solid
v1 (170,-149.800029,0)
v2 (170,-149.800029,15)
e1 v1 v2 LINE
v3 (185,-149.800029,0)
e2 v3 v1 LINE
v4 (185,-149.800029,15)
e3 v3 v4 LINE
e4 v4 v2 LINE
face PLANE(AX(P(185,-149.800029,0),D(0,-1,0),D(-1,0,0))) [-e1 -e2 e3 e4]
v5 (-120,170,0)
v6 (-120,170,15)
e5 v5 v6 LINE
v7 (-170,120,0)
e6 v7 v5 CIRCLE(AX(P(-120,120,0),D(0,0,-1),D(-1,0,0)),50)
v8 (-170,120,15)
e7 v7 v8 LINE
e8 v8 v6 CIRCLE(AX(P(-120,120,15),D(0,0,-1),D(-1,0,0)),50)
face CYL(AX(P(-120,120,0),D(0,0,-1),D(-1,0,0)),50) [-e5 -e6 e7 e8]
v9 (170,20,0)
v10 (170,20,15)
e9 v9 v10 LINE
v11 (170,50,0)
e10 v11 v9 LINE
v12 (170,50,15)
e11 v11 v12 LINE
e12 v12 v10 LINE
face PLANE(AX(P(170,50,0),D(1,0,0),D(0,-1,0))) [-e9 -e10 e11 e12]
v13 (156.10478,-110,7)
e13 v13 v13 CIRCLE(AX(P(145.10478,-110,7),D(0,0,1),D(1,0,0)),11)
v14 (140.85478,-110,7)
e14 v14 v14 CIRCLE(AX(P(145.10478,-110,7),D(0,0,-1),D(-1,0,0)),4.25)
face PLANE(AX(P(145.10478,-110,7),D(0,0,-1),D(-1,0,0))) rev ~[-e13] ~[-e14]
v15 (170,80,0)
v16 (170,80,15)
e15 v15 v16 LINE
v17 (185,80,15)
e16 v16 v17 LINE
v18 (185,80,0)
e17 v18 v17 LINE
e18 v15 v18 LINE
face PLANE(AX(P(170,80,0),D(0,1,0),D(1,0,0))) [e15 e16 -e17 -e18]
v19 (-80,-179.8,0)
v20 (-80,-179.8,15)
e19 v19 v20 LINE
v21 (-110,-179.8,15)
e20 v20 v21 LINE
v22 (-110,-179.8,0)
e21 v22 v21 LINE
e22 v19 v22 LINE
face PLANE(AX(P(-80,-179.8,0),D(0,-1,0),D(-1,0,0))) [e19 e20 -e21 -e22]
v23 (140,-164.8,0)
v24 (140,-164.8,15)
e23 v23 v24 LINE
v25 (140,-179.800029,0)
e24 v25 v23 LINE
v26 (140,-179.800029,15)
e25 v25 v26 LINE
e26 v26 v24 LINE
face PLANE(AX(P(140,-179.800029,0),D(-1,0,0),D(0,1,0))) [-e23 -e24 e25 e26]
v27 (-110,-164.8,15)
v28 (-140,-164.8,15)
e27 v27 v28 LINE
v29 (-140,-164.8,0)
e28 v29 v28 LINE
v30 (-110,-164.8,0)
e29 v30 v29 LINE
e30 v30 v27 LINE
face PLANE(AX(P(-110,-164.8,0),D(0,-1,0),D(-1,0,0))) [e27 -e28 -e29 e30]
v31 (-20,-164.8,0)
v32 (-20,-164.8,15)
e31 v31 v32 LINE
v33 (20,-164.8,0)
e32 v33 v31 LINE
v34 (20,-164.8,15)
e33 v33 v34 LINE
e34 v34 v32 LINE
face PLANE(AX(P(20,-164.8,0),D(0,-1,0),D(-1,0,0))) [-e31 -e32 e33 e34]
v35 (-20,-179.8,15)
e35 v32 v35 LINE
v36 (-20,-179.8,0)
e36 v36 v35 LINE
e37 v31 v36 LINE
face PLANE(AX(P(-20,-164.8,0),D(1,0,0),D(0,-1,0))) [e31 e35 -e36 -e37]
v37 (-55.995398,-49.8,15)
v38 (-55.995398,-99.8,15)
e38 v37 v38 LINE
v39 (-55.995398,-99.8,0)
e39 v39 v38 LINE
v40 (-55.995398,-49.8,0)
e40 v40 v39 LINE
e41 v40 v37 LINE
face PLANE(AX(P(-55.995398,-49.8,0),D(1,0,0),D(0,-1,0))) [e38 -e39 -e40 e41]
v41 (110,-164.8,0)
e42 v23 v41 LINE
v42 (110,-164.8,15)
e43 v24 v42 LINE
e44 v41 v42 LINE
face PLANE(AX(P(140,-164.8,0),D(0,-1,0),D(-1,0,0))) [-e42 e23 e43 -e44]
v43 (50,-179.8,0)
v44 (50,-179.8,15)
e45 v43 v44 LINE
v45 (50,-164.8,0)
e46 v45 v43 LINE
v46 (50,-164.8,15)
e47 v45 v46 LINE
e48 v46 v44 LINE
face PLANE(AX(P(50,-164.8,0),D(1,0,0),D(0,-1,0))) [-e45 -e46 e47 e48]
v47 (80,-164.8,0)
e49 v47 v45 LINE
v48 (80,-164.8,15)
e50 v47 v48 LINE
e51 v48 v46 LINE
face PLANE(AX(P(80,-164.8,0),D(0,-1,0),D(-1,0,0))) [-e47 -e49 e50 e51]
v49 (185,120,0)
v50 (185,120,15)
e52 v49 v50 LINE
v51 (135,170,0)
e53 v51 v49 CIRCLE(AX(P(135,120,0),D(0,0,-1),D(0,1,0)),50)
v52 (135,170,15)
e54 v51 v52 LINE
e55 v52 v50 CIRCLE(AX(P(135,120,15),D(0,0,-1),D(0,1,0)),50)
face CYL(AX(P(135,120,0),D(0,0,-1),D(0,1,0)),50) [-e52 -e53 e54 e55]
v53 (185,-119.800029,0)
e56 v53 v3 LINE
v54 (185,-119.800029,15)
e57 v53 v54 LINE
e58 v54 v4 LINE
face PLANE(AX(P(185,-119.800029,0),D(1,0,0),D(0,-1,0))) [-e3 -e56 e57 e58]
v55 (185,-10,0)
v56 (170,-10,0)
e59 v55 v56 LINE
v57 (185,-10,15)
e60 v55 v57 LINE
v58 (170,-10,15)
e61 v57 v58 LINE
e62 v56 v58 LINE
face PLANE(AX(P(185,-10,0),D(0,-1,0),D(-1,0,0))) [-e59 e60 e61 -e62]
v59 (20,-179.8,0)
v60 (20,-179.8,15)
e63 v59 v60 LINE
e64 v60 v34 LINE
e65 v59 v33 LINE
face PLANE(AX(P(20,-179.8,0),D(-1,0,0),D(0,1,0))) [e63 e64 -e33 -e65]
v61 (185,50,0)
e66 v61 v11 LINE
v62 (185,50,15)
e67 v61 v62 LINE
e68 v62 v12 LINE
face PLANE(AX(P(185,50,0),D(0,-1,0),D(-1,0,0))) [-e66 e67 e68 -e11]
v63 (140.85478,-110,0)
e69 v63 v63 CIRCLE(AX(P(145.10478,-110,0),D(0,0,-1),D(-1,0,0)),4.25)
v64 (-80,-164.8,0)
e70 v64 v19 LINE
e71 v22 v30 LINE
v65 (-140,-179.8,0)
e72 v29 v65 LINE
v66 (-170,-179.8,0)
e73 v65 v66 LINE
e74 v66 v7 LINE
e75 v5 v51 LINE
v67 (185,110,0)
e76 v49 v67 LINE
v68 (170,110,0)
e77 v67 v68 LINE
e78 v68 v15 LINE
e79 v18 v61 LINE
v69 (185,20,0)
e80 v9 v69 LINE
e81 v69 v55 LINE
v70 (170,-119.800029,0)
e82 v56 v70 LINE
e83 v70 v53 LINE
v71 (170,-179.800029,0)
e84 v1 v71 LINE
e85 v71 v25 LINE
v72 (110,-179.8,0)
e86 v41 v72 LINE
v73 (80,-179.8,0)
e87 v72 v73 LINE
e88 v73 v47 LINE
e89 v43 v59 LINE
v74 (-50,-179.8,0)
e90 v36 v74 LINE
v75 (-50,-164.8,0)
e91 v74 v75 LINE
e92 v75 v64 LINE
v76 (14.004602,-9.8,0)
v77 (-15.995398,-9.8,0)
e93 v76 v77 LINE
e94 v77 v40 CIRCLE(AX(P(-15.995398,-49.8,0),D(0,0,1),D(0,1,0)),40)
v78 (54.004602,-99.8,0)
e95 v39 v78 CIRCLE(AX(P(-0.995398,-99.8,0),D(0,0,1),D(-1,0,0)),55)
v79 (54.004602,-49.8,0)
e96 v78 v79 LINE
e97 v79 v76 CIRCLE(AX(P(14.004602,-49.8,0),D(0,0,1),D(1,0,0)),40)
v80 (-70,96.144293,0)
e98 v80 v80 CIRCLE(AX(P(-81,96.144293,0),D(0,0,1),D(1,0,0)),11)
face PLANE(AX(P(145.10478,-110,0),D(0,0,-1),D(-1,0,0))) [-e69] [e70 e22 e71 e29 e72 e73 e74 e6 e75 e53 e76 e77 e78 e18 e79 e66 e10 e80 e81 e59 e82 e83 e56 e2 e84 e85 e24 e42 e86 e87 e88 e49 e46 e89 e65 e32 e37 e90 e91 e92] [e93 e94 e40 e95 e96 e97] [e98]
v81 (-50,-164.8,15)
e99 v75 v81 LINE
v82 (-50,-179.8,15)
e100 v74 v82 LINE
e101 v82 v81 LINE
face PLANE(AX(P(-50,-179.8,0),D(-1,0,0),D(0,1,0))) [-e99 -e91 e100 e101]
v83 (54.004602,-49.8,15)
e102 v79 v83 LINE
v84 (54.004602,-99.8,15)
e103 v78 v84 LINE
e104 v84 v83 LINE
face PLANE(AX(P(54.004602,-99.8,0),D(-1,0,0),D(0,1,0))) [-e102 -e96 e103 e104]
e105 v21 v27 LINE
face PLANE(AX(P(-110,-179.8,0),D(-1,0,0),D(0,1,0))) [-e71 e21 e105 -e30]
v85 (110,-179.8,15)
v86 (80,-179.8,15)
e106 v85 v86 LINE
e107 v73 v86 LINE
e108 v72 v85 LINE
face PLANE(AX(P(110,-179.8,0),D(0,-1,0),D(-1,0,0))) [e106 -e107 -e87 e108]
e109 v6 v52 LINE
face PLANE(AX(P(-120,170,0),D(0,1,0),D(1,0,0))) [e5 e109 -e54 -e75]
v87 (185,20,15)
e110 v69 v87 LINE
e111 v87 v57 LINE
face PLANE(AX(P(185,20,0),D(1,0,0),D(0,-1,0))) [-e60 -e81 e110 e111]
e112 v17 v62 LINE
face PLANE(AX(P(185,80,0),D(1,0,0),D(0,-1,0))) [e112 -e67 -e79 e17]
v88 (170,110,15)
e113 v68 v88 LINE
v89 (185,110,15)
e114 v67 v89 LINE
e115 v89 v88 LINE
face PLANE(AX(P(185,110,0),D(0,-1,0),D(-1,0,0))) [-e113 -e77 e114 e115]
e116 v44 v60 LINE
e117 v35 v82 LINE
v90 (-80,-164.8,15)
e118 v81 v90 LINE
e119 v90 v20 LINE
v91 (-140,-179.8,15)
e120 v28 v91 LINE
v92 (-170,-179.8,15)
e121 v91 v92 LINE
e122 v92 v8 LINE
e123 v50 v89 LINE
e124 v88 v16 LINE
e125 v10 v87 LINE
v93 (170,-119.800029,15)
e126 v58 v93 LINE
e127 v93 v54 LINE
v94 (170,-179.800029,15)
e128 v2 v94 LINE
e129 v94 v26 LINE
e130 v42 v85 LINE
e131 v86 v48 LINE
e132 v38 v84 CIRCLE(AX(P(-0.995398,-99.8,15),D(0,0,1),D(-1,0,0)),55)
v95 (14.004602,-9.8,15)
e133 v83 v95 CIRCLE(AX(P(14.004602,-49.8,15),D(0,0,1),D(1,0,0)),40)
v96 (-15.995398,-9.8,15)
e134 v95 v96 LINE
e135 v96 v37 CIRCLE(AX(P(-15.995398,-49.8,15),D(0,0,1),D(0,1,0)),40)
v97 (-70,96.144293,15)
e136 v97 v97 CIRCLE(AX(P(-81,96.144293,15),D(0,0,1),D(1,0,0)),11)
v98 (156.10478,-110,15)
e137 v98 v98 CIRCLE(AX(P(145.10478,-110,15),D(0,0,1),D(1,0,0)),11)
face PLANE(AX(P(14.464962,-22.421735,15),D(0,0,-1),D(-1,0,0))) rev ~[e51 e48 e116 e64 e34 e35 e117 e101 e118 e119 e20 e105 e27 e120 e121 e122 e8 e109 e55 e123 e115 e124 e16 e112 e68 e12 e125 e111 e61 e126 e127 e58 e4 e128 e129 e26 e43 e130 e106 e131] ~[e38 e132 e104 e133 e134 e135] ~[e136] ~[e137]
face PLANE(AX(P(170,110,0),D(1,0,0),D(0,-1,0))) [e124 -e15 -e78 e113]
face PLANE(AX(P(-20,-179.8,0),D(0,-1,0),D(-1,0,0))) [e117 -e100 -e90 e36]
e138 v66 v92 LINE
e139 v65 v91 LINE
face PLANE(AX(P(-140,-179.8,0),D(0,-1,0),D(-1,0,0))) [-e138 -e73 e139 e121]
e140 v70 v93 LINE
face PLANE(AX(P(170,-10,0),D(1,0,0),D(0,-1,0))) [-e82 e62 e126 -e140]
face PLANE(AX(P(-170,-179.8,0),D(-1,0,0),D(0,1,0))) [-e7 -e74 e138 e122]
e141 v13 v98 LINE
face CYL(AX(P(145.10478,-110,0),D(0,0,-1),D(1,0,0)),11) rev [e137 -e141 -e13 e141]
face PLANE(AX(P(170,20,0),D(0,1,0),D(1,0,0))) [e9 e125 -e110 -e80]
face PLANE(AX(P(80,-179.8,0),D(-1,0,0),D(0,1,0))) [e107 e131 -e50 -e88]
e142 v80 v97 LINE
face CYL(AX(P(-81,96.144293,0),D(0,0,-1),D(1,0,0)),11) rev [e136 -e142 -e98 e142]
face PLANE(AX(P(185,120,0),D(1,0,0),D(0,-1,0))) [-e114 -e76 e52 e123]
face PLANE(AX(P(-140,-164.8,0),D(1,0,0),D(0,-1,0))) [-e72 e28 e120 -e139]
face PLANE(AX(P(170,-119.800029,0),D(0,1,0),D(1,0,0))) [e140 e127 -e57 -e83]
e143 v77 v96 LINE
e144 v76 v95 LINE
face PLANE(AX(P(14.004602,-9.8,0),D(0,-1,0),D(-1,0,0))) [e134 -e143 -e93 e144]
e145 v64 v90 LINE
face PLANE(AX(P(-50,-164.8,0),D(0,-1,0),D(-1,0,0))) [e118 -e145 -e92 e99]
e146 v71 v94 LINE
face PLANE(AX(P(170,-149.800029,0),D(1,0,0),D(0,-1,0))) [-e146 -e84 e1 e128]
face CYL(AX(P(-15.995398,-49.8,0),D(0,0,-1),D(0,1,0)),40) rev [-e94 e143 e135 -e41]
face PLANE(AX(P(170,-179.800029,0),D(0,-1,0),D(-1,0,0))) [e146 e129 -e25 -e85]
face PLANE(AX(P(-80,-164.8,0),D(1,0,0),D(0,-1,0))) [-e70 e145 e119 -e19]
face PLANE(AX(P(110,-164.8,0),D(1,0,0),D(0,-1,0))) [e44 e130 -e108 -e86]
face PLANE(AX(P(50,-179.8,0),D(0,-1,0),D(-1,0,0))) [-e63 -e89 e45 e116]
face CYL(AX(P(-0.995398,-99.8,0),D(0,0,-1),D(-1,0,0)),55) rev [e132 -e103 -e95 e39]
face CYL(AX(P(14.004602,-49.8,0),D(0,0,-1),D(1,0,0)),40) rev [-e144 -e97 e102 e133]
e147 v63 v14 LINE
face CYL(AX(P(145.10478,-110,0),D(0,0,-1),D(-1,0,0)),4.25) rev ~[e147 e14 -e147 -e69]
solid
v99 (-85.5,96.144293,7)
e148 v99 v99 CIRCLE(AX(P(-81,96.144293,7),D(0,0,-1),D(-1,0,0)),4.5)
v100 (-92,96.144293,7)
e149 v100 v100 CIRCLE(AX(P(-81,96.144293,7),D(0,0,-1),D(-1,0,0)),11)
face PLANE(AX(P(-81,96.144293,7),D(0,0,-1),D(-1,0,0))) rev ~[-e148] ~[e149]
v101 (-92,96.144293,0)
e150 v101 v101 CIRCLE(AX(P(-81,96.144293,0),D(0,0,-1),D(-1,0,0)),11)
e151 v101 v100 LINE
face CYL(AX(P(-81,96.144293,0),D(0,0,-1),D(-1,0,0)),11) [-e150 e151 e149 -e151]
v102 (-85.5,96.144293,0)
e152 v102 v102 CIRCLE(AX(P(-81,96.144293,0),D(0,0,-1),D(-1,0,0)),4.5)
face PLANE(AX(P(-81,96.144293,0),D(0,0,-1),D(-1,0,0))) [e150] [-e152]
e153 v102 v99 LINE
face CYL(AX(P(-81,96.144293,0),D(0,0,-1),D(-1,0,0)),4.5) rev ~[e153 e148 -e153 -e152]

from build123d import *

# Parameters (mm, degrees)
SKETCH1_R           = 11
BOSS_EXTRUDE1_DEPTH = 15
SKETCH4_R           = 11
SKETCH4_R_2         = 4.5
BOSS_EXTRUDE4_DEPTH = 7
SKETCH5_R           = 11
SKETCH5_R_2         = 4.25
BOSS_EXTRUDE5_DEPTH = 7


with BuildPart() as part:
    # Sketch1 → Boss-Extrude1 (new body)
    with BuildSketch(Plane.XY):
        with BuildLine():
            Line((-120, 170), (135, 170))
            ThreePointArc((135, 170), (170.355339059, 155.355339059), (185, 120))
            Line((185, 120), (185, 110))
            Line((185, 110), (170, 110))
            Line((170, 110), (170, 80))
            Line((170, 80), (185, 80))
            Line((185, 80), (185, 50))
            Line((185, 50), (170, 50))
            Line((170, 50), (170, 20))
            Line((170, 20), (185, 20))
            Line((185, 20), (185, -10))
            Line((185, -10), (170, -10))
            Line((170, -10), (170, -119.800029128))
            Line((170, -119.800029128), (185, -119.800029128))
            Line((185, -119.800029128), (185, -149.800029128))
            Line((185, -149.800029128), (170, -149.800029128))
            Line((170, -149.800029128), (170, -179.800029128))
            Line((170, -179.800029128), (140, -179.800029128))
            Line((140, -179.800029128), (140, -164.8))
            Line((140, -164.8), (110, -164.8))
            Line((110, -164.8), (110, -179.8))
            Line((110, -179.8), (80, -179.8))
            Line((80, -179.8), (80, -164.8))
            Line((80, -164.8), (50, -164.8))
            Line((50, -164.8), (50, -179.8))
            Line((50, -179.8), (20, -179.8))
            Line((20, -179.8), (20, -164.8))
            Line((20, -164.8), (-20, -164.8))
            Line((-20, -164.8), (-20, -179.8))
            Line((-20, -179.8), (-50, -179.8))
            Line((-50, -179.8), (-50, -164.8))
            Line((-50, -164.8), (-80, -164.8))
            Line((-80, -164.8), (-80, -179.8))
            Line((-80, -179.8), (-110, -179.8))
            Line((-110, -179.8), (-110, -164.8))
            Line((-110, -164.8), (-140, -164.8))
            Line((-140, -164.8), (-140, -179.8))
            Line((-140, -179.8), (-170, -179.8))
            Line((-170, -179.8), (-170, -170))
            Line((-170, -170), (-170, 120))
            ThreePointArc((-170, 120), (-155.355339059, 155.355339059), (-120, 170))
        make_face()
        with Locations((145.104779776, -110)):
            Circle(SKETCH1_R, mode=Mode.SUBTRACT)
        with Locations((-81, 96.144292568)):
            Circle(SKETCH1_R, mode=Mode.SUBTRACT)
        with BuildLine():
            Line((-55.995398281, -49.8), (-55.995398281, -99.8))
            ThreePointArc((-55.995398281, -99.8), (-0.995398281, -154.8), (54.004601719, -99.8))
            Line((54.004601719, -99.8), (54.004601719, -49.8))
            ThreePointArc((54.004601719, -49.8), (42.288872967, -21.515728753), (14.004601719, -9.8))
            Line((14.004601719, -9.8), (-15.995398281, -9.8))
            ThreePointArc((-15.995398281, -9.8), (-44.279669528, -21.515728753), (-55.995398281, -49.8))
        make_face(mode=Mode.SUBTRACT)
    extrude(amount=BOSS_EXTRUDE1_DEPTH)

    # Sketch5 → Boss-Extrude5 (add)
    with BuildSketch(Plane(origin=(0, 0, 0), x_dir=(-1, 0, 0), z_dir=(0, 0, -1))):
        with Locations((-145.104779776, -110)):
            Circle(SKETCH5_R)
        with Locations((-145.104779776, -110)):
            Circle(SKETCH5_R_2, mode=Mode.SUBTRACT)
    extrude(amount=-BOSS_EXTRUDE5_DEPTH)


with BuildPart() as body_2:
    # Sketch4 → Boss-Extrude4 (new body)
    with BuildSketch(Plane(origin=(0, 0, 0), x_dir=(-1, 0, 0), z_dir=(0, 0, -1))):
        with Locations((81, 96.144292568)):
            Circle(SKETCH4_R)
        with Locations((81, 96.144292568)):
            Circle(SKETCH4_R_2, mode=Mode.SUBTRACT)
    extrude(amount=-BOSS_EXTRUDE4_DEPTH)


solid = Compound([part.part, body_2.part])
